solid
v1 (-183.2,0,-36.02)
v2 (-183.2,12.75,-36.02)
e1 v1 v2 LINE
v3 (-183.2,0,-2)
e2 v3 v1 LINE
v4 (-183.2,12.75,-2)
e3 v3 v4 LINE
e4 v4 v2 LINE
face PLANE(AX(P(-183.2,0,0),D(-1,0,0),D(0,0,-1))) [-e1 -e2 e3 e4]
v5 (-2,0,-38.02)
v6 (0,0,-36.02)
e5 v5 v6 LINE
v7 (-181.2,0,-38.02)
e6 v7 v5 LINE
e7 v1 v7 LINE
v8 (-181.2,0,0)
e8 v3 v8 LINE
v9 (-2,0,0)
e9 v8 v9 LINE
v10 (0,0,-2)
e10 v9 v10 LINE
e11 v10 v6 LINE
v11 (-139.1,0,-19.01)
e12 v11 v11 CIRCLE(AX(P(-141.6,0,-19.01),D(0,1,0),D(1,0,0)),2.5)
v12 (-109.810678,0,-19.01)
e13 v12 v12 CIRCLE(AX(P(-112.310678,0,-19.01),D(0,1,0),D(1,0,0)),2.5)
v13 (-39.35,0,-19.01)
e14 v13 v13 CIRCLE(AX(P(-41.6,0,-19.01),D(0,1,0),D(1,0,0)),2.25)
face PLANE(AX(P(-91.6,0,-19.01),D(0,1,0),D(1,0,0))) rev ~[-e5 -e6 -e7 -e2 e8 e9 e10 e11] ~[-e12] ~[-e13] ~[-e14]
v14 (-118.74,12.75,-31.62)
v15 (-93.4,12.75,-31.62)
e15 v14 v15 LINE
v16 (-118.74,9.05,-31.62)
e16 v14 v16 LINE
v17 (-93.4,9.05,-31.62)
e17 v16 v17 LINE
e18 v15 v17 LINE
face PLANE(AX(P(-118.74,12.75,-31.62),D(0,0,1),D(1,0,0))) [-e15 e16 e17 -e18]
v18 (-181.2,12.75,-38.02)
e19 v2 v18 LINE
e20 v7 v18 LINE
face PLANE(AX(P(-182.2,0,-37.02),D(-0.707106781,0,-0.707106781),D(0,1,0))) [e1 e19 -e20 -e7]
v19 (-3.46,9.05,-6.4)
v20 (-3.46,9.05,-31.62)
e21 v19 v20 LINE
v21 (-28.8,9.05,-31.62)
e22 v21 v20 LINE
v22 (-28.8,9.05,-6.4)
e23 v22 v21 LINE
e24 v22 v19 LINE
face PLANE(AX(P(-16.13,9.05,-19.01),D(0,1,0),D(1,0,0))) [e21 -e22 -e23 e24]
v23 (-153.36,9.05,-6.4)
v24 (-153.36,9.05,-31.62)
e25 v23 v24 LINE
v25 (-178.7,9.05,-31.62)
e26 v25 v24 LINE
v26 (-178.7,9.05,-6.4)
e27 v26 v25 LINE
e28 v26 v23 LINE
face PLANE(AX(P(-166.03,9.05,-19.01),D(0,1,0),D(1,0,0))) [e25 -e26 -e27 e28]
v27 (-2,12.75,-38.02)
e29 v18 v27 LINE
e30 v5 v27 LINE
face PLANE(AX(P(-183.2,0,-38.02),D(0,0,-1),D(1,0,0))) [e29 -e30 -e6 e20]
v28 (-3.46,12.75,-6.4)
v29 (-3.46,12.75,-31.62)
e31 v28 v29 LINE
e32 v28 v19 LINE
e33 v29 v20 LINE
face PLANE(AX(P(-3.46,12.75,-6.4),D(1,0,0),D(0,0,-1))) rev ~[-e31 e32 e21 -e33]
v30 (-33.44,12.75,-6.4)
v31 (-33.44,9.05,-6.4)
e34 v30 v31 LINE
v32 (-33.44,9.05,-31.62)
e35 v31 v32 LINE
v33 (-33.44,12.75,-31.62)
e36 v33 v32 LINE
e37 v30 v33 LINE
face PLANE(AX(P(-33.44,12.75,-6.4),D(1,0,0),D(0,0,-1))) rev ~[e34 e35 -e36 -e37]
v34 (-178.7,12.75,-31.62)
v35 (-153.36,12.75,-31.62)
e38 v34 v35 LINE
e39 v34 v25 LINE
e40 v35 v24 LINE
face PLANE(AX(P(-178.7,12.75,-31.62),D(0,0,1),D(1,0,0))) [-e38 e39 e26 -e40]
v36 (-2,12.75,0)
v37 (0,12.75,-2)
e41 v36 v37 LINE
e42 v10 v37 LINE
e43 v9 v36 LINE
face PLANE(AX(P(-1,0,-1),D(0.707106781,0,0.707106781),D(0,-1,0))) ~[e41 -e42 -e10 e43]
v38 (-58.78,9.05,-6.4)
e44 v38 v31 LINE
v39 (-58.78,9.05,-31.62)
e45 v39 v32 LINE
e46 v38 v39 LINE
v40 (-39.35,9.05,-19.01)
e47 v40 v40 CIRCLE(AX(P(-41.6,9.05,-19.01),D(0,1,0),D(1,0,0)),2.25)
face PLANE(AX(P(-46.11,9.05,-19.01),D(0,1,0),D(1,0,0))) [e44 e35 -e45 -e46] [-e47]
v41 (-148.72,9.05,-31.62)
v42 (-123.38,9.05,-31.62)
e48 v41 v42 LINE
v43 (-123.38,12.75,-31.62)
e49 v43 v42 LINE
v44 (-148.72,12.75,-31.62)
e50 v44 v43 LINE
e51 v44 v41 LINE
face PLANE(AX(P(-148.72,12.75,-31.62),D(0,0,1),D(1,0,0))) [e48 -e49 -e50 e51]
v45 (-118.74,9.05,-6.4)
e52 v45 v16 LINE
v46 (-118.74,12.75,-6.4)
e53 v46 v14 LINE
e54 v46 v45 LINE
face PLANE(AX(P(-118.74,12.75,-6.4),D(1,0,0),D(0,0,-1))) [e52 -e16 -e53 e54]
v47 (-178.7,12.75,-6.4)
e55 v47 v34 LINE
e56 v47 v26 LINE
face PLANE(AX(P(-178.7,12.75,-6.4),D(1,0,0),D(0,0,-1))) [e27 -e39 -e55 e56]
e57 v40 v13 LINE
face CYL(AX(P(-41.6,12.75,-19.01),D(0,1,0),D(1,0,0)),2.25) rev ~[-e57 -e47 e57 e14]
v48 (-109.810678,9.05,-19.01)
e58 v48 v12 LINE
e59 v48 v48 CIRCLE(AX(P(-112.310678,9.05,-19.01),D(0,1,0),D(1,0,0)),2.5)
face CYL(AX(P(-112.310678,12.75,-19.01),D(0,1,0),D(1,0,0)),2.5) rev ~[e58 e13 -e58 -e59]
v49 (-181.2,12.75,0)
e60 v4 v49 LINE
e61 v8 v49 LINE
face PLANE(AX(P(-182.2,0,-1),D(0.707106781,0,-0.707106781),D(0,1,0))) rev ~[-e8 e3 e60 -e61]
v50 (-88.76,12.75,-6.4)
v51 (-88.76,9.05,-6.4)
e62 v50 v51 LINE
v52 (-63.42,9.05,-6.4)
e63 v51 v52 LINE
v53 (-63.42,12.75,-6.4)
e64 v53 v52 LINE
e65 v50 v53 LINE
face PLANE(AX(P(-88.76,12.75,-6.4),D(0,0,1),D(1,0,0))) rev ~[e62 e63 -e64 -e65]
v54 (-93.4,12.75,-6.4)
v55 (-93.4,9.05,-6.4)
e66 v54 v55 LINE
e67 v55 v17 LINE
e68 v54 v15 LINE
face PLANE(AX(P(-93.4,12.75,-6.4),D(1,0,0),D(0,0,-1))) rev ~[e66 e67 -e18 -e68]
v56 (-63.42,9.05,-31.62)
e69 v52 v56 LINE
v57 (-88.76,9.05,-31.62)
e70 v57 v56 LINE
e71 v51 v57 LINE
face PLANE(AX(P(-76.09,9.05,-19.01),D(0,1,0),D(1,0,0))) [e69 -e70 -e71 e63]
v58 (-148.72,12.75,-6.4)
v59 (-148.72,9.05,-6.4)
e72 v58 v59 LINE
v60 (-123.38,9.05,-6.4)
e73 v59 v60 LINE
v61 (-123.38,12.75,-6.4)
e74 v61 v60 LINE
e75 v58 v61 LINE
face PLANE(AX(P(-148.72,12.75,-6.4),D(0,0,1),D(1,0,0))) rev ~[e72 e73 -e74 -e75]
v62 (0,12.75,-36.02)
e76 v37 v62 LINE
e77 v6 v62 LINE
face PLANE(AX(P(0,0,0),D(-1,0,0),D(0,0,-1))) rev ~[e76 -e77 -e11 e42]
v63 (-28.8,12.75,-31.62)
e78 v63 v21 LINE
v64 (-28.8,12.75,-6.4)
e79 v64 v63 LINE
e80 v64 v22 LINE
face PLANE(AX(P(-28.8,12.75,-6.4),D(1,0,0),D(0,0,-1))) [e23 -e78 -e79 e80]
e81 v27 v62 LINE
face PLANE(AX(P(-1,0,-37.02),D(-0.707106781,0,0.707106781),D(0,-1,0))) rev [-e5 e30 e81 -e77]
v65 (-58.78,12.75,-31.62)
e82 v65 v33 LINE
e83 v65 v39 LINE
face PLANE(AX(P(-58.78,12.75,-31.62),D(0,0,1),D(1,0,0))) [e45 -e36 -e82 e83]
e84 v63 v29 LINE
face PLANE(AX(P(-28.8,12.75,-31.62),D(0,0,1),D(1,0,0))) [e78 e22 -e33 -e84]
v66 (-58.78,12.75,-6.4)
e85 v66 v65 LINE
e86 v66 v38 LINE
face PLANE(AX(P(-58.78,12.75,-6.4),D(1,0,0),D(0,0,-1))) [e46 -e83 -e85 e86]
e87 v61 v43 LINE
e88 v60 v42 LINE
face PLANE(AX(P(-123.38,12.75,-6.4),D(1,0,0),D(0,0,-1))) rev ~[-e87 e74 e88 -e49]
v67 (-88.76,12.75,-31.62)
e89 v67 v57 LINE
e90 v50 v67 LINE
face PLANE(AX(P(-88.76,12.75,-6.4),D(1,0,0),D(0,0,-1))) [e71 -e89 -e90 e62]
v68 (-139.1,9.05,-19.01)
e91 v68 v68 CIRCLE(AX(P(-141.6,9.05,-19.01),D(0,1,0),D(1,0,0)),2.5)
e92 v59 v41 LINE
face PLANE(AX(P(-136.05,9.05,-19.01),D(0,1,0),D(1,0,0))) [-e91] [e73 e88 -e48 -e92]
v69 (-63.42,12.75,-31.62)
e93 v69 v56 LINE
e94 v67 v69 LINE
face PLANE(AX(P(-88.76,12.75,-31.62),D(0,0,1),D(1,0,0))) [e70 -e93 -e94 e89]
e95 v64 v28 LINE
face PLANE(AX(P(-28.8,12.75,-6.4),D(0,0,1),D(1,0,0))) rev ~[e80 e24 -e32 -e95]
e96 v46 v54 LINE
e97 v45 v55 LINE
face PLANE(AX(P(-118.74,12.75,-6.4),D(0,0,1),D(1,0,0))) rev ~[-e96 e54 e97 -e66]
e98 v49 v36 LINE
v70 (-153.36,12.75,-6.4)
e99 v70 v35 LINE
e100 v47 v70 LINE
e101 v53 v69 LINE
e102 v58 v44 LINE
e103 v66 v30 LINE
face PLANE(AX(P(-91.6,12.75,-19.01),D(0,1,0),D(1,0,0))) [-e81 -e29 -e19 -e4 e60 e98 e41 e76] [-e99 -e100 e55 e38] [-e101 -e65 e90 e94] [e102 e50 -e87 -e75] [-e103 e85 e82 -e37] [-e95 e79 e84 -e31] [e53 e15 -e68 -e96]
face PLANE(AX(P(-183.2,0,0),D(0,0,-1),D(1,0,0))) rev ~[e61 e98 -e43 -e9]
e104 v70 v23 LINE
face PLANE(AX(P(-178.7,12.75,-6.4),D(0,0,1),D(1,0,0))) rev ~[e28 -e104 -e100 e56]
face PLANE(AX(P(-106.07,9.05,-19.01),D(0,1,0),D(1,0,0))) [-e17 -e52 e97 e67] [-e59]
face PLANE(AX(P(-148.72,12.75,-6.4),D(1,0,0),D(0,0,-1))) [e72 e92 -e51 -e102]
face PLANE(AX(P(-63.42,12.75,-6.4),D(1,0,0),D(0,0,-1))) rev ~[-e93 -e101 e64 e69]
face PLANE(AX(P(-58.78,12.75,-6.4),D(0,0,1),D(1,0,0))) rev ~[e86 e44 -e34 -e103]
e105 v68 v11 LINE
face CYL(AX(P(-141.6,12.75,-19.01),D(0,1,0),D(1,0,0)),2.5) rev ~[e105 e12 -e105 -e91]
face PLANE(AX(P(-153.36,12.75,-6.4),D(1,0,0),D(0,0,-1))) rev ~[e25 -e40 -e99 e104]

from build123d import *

# Parameters (mm, degrees)
ESBO_O1_W                = 183.2
ESBO_O1_H                = 38.02
RESSALTO_EXTRUS_O1_DEPTH = 12.75
ESBO_O3_W                = 25.34
ESBO_O3_H                = 25.22
CORTE_EXTRUS_O1_DEPTH    = 3.7
CHANFRO1_SIZE            = 2
ESBO_O4_R                = 2.25
ESBO_O4_R_2              = 2.5
CORTE_EXTRUS_O2_DEPTH    = 10100


with BuildPart() as part:
    # Esboço1 → Ressalto-extrusão1 (new body)
    with BuildSketch(Plane(origin=(0, 0, 0), x_dir=(1, 0, 0), z_dir=(0, 1, 0))):
        with Locations((-91.6, 19.01)):
            Rectangle(ESBO_O1_W, ESBO_O1_H)
    extrude(amount=RESSALTO_EXTRUS_O1_DEPTH)

    # Esboço3 → Corte-extrusão1 (cut)
    with BuildSketch(Plane(origin=(0, 12.75, 0), x_dir=(1, 0, 0), z_dir=(0, 1, 0))):
        with Locations((-166.03, 19.01)):
            Rectangle(ESBO_O3_W, ESBO_O3_H)
        with Locations((-136.05, 19.01)):
            Rectangle(ESBO_O3_W, ESBO_O3_H)
        with Locations((-106.07, 19.01)):
            Rectangle(ESBO_O3_W, ESBO_O3_H)
        with Locations((-76.09, 19.01)):
            Rectangle(ESBO_O3_W, ESBO_O3_H)
        with Locations((-46.11, 19.01)):
            Rectangle(ESBO_O3_W, ESBO_O3_H)
        with Locations((-16.13, 19.01)):
            Rectangle(ESBO_O3_W, ESBO_O3_H)
    extrude(amount=-CORTE_EXTRUS_O1_DEPTH, mode=Mode.SUBTRACT)

    # Chanfro1
    chanfro1_edges = [part.edges().sort_by_distance(p)[0] for p in [
        (0, 6.375, 0),
        (-183.2, 6.375, 0),
        (-183.2, 6.375, -38.02),
        (0, 6.375, -38.02),
    ]]
    chamfer(chanfro1_edges, length=CHANFRO1_SIZE)

    # Esboço4 → Corte-extrusão2 (cut)
    with BuildSketch(Plane(origin=(0, 12.75, 0), x_dir=(1, 0, 0), z_dir=(0, 1, 0))):
        with Locations((-41.6, 19.01)):
            Circle(ESBO_O4_R)
        with Locations((-141.6, 19.01)):
            Circle(ESBO_O4_R_2)
        with Locations((-112.310678119, 19.01)):
            Circle(ESBO_O4_R_2)
    extrude(amount=-CORTE_EXTRUS_O2_DEPTH, mode=Mode.SUBTRACT)


solid = part.part
